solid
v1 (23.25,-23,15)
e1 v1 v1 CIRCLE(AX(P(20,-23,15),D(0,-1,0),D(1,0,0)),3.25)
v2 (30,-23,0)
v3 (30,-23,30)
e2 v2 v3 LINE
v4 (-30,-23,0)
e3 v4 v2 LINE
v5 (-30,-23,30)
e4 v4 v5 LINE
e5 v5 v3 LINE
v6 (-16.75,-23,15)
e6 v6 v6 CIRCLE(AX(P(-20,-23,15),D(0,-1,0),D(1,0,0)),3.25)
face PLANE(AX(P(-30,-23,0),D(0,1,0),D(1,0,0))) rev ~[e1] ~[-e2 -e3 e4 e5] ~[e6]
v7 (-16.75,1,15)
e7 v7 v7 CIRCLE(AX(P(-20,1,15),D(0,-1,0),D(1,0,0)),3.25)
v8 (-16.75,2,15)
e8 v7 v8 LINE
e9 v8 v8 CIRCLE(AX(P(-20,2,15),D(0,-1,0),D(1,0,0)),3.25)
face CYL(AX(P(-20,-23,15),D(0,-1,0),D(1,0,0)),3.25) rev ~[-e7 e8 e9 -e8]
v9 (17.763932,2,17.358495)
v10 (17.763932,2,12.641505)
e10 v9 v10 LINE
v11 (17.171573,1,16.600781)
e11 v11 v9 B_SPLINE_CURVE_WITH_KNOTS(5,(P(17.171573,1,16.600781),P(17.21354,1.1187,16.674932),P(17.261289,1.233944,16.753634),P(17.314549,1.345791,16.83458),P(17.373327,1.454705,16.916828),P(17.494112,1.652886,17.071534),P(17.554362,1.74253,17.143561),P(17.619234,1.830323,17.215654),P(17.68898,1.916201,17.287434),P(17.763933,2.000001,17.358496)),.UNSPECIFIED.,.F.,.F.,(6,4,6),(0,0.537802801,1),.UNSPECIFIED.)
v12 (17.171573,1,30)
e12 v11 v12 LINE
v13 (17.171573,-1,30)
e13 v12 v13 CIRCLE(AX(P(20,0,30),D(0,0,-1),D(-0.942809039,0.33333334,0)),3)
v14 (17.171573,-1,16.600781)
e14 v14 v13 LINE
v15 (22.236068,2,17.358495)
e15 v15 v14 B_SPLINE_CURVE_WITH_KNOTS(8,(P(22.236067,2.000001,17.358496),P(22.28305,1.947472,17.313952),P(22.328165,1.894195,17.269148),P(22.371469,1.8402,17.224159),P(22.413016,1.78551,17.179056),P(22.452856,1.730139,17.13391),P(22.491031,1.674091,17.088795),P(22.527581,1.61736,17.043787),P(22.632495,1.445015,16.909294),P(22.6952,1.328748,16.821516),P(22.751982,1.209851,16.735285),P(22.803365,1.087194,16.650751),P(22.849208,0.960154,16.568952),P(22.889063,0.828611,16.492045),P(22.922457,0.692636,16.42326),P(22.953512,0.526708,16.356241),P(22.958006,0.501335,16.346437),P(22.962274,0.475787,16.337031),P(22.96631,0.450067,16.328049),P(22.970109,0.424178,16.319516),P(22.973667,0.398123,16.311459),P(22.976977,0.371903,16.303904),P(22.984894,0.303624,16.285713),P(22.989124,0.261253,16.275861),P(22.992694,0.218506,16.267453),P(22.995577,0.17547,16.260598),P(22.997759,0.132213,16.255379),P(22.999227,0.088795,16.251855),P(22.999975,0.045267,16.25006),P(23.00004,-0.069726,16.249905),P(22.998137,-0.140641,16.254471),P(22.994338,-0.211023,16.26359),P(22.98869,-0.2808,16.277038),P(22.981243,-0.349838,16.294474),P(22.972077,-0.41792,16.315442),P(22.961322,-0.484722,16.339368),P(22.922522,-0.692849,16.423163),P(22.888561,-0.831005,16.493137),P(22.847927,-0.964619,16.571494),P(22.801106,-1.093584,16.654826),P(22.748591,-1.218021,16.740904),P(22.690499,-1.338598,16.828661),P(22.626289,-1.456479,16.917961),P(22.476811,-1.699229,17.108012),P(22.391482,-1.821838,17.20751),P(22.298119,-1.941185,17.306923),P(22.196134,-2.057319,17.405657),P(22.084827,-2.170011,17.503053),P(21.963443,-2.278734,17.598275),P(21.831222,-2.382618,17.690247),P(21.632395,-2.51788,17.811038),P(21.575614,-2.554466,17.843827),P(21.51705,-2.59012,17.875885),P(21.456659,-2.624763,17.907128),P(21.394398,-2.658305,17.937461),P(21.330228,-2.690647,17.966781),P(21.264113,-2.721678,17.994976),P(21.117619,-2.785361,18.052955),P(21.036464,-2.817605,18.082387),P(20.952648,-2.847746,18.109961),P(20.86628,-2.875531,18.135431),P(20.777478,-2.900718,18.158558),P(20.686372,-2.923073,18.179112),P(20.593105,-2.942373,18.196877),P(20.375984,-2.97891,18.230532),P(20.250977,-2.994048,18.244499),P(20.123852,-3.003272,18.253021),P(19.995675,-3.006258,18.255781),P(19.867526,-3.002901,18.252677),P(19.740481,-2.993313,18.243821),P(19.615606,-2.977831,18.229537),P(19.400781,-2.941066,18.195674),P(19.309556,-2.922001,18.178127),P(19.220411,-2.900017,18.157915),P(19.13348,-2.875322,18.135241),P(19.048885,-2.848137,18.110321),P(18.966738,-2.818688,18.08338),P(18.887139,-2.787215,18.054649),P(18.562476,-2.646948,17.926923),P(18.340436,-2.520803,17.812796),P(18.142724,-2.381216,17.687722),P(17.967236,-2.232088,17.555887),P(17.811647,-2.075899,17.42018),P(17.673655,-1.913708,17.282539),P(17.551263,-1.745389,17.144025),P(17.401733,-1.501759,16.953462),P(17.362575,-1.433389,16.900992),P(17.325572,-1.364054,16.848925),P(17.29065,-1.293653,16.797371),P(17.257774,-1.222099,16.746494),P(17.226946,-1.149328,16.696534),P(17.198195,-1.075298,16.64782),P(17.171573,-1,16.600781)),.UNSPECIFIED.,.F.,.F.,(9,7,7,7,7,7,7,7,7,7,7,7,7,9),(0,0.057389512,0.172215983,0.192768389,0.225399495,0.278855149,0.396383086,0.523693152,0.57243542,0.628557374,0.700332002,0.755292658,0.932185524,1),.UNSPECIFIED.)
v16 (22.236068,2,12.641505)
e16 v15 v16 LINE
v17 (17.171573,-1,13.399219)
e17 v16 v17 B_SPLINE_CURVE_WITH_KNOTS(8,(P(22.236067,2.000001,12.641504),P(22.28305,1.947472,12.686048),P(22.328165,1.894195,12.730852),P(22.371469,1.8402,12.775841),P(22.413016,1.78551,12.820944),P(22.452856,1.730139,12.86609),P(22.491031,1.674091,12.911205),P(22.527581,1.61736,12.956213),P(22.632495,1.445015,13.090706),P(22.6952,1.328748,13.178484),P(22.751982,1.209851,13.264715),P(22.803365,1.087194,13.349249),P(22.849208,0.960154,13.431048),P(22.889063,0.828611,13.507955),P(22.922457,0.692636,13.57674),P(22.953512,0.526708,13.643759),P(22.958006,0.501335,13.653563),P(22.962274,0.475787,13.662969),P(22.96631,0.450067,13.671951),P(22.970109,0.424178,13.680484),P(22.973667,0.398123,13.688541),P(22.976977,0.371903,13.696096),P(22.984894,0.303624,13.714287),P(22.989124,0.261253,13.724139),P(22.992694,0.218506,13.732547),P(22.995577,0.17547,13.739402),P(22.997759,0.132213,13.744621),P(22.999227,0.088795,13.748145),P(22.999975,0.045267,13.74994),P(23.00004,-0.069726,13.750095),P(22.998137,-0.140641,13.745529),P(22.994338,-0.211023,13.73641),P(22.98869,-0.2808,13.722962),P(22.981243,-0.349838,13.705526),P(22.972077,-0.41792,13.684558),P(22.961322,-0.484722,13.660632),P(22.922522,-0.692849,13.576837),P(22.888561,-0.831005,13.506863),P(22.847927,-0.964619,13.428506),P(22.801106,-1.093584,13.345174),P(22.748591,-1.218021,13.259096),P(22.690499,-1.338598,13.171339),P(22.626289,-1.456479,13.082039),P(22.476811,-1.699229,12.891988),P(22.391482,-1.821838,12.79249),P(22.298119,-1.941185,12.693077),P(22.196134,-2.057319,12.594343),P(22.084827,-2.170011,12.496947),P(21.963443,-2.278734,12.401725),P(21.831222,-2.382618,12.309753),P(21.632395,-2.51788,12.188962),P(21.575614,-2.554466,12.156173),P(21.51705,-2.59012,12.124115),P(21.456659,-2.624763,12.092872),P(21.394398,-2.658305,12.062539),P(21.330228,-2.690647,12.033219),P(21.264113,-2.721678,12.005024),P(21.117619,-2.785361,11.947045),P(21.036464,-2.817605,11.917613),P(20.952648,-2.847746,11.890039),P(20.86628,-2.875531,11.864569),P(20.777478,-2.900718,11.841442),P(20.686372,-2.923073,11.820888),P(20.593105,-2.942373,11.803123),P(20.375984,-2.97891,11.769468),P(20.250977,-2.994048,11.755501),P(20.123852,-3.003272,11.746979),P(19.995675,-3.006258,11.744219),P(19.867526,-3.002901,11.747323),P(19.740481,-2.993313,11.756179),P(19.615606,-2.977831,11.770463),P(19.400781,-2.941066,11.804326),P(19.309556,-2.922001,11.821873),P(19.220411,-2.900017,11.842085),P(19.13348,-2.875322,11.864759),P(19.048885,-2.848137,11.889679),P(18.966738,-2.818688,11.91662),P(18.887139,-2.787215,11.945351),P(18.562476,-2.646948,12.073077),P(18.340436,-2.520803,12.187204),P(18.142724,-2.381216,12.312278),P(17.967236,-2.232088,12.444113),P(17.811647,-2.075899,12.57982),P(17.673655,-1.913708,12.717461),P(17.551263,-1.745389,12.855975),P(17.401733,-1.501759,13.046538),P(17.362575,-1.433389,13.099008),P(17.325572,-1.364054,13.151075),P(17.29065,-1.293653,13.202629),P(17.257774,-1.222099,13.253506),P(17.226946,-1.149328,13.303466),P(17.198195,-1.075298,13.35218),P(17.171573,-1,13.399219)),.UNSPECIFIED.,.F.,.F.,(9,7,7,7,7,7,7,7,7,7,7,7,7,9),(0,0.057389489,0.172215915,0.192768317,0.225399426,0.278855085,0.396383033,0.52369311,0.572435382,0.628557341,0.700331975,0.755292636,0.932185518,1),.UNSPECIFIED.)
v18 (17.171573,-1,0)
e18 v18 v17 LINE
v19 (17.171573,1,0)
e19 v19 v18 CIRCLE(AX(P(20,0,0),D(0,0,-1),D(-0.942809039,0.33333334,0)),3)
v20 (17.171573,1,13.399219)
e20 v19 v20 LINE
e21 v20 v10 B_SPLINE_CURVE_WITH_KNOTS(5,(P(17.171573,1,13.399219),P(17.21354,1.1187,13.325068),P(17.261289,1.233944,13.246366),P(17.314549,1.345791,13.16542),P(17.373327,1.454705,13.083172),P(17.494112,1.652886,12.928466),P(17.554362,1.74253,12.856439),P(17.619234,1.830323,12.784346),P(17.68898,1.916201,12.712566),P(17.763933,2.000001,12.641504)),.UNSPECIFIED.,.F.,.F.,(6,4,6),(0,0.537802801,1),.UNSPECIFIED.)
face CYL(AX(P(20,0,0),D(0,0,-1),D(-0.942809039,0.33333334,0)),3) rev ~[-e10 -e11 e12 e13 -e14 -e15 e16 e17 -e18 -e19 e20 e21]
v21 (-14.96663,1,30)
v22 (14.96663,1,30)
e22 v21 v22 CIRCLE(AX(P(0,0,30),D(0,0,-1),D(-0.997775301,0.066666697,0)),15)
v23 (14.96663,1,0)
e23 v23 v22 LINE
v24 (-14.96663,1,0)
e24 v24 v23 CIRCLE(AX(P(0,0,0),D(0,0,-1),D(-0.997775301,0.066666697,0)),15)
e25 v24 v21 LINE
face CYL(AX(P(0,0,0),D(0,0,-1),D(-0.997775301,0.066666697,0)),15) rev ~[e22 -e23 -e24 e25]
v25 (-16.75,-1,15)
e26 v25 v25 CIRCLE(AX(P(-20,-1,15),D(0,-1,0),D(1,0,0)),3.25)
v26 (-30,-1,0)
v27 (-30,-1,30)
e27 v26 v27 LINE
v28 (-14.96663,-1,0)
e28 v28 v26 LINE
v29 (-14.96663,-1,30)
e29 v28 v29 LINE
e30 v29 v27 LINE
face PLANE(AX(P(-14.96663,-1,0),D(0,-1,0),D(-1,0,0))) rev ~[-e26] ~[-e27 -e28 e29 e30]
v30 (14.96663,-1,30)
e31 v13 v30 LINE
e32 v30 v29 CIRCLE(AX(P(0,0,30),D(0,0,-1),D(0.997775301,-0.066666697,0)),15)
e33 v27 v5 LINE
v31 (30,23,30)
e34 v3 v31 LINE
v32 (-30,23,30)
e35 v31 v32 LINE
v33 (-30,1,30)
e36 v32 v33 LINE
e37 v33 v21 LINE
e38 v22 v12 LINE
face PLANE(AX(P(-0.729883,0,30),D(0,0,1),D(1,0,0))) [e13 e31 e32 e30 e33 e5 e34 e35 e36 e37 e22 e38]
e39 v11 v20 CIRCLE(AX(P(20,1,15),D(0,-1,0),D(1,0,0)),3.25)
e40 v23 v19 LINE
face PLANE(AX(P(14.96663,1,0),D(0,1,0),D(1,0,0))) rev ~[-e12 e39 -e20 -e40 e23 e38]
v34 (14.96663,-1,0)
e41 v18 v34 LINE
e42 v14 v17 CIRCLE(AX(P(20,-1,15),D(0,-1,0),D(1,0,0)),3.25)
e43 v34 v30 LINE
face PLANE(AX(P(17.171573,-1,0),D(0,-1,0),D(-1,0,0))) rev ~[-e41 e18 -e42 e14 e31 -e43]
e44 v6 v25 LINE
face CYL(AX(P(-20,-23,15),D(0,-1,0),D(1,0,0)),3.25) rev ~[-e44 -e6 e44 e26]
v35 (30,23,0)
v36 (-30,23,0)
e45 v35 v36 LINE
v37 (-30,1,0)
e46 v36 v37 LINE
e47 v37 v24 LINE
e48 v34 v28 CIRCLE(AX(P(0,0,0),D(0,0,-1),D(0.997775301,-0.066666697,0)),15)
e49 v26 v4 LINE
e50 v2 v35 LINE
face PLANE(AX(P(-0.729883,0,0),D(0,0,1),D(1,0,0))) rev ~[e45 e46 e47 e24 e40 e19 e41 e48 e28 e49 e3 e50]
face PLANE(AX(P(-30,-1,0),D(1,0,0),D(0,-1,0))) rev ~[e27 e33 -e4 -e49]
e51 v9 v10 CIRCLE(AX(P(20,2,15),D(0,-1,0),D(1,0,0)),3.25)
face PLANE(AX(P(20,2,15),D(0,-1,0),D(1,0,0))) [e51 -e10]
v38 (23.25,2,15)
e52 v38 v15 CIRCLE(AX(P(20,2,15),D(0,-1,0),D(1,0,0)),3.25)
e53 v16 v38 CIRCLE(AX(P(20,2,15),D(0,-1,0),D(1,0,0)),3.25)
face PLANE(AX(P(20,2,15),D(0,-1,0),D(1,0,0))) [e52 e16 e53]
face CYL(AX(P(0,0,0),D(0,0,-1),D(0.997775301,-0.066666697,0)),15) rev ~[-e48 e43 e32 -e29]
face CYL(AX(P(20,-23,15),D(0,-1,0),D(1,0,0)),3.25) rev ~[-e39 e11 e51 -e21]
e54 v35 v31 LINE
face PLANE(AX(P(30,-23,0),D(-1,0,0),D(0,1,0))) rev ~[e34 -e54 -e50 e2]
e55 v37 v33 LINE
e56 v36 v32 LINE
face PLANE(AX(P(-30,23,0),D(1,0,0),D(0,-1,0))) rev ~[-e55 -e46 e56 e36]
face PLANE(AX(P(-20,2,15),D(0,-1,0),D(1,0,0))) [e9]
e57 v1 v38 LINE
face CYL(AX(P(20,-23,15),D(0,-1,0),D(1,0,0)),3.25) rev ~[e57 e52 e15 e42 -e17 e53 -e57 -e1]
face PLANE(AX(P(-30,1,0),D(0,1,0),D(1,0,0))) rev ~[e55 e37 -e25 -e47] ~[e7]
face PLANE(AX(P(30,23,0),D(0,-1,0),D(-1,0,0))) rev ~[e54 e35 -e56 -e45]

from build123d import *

# Parameters (mm, degrees)
F1_DEPTH = 30
F2_R     = 3.25
F3_DEPTH = 25


with BuildPart() as f1:
    # F0 (on Top) → F1 (new body)
    with BuildSketch(Plane.XY):
        with BuildLine():
            Line((-30, -1), (-30, -23))
            Line((-30, -23), (30, -23))
            Line((30, -23), (30, 23))
            Line((30, 23), (-30, 23))
            Line((-30, 23), (-30, 1))
            Line((-30, 1), (-14.96663, 1))
            ThreePointArc((-14.96663, 1), (0, 15), (14.96663, 1))
            Line((14.96663, 1), (17.171573, 1))
            ThreePointArc((17.171573, 1), (23, 0), (17.171573, -1))
            Line((17.171573, -1), (14.96663, -1))
            ThreePointArc((14.96663, -1), (0, -15), (-14.96663, -1))
            Line((-14.96663, -1), (-30, -1))
        make_face()
    extrude(amount=F1_DEPTH)

    # F2 (on face) → F3 (cut)
    with BuildSketch(Plane.XZ.offset(23)):
        with Locations((-20, 15)):
            Circle(F2_R)
        with Locations((20, 15)):
            Circle(F2_R)
    extrude(amount=-F3_DEPTH, mode=Mode.SUBTRACT)


solid = f1.part
